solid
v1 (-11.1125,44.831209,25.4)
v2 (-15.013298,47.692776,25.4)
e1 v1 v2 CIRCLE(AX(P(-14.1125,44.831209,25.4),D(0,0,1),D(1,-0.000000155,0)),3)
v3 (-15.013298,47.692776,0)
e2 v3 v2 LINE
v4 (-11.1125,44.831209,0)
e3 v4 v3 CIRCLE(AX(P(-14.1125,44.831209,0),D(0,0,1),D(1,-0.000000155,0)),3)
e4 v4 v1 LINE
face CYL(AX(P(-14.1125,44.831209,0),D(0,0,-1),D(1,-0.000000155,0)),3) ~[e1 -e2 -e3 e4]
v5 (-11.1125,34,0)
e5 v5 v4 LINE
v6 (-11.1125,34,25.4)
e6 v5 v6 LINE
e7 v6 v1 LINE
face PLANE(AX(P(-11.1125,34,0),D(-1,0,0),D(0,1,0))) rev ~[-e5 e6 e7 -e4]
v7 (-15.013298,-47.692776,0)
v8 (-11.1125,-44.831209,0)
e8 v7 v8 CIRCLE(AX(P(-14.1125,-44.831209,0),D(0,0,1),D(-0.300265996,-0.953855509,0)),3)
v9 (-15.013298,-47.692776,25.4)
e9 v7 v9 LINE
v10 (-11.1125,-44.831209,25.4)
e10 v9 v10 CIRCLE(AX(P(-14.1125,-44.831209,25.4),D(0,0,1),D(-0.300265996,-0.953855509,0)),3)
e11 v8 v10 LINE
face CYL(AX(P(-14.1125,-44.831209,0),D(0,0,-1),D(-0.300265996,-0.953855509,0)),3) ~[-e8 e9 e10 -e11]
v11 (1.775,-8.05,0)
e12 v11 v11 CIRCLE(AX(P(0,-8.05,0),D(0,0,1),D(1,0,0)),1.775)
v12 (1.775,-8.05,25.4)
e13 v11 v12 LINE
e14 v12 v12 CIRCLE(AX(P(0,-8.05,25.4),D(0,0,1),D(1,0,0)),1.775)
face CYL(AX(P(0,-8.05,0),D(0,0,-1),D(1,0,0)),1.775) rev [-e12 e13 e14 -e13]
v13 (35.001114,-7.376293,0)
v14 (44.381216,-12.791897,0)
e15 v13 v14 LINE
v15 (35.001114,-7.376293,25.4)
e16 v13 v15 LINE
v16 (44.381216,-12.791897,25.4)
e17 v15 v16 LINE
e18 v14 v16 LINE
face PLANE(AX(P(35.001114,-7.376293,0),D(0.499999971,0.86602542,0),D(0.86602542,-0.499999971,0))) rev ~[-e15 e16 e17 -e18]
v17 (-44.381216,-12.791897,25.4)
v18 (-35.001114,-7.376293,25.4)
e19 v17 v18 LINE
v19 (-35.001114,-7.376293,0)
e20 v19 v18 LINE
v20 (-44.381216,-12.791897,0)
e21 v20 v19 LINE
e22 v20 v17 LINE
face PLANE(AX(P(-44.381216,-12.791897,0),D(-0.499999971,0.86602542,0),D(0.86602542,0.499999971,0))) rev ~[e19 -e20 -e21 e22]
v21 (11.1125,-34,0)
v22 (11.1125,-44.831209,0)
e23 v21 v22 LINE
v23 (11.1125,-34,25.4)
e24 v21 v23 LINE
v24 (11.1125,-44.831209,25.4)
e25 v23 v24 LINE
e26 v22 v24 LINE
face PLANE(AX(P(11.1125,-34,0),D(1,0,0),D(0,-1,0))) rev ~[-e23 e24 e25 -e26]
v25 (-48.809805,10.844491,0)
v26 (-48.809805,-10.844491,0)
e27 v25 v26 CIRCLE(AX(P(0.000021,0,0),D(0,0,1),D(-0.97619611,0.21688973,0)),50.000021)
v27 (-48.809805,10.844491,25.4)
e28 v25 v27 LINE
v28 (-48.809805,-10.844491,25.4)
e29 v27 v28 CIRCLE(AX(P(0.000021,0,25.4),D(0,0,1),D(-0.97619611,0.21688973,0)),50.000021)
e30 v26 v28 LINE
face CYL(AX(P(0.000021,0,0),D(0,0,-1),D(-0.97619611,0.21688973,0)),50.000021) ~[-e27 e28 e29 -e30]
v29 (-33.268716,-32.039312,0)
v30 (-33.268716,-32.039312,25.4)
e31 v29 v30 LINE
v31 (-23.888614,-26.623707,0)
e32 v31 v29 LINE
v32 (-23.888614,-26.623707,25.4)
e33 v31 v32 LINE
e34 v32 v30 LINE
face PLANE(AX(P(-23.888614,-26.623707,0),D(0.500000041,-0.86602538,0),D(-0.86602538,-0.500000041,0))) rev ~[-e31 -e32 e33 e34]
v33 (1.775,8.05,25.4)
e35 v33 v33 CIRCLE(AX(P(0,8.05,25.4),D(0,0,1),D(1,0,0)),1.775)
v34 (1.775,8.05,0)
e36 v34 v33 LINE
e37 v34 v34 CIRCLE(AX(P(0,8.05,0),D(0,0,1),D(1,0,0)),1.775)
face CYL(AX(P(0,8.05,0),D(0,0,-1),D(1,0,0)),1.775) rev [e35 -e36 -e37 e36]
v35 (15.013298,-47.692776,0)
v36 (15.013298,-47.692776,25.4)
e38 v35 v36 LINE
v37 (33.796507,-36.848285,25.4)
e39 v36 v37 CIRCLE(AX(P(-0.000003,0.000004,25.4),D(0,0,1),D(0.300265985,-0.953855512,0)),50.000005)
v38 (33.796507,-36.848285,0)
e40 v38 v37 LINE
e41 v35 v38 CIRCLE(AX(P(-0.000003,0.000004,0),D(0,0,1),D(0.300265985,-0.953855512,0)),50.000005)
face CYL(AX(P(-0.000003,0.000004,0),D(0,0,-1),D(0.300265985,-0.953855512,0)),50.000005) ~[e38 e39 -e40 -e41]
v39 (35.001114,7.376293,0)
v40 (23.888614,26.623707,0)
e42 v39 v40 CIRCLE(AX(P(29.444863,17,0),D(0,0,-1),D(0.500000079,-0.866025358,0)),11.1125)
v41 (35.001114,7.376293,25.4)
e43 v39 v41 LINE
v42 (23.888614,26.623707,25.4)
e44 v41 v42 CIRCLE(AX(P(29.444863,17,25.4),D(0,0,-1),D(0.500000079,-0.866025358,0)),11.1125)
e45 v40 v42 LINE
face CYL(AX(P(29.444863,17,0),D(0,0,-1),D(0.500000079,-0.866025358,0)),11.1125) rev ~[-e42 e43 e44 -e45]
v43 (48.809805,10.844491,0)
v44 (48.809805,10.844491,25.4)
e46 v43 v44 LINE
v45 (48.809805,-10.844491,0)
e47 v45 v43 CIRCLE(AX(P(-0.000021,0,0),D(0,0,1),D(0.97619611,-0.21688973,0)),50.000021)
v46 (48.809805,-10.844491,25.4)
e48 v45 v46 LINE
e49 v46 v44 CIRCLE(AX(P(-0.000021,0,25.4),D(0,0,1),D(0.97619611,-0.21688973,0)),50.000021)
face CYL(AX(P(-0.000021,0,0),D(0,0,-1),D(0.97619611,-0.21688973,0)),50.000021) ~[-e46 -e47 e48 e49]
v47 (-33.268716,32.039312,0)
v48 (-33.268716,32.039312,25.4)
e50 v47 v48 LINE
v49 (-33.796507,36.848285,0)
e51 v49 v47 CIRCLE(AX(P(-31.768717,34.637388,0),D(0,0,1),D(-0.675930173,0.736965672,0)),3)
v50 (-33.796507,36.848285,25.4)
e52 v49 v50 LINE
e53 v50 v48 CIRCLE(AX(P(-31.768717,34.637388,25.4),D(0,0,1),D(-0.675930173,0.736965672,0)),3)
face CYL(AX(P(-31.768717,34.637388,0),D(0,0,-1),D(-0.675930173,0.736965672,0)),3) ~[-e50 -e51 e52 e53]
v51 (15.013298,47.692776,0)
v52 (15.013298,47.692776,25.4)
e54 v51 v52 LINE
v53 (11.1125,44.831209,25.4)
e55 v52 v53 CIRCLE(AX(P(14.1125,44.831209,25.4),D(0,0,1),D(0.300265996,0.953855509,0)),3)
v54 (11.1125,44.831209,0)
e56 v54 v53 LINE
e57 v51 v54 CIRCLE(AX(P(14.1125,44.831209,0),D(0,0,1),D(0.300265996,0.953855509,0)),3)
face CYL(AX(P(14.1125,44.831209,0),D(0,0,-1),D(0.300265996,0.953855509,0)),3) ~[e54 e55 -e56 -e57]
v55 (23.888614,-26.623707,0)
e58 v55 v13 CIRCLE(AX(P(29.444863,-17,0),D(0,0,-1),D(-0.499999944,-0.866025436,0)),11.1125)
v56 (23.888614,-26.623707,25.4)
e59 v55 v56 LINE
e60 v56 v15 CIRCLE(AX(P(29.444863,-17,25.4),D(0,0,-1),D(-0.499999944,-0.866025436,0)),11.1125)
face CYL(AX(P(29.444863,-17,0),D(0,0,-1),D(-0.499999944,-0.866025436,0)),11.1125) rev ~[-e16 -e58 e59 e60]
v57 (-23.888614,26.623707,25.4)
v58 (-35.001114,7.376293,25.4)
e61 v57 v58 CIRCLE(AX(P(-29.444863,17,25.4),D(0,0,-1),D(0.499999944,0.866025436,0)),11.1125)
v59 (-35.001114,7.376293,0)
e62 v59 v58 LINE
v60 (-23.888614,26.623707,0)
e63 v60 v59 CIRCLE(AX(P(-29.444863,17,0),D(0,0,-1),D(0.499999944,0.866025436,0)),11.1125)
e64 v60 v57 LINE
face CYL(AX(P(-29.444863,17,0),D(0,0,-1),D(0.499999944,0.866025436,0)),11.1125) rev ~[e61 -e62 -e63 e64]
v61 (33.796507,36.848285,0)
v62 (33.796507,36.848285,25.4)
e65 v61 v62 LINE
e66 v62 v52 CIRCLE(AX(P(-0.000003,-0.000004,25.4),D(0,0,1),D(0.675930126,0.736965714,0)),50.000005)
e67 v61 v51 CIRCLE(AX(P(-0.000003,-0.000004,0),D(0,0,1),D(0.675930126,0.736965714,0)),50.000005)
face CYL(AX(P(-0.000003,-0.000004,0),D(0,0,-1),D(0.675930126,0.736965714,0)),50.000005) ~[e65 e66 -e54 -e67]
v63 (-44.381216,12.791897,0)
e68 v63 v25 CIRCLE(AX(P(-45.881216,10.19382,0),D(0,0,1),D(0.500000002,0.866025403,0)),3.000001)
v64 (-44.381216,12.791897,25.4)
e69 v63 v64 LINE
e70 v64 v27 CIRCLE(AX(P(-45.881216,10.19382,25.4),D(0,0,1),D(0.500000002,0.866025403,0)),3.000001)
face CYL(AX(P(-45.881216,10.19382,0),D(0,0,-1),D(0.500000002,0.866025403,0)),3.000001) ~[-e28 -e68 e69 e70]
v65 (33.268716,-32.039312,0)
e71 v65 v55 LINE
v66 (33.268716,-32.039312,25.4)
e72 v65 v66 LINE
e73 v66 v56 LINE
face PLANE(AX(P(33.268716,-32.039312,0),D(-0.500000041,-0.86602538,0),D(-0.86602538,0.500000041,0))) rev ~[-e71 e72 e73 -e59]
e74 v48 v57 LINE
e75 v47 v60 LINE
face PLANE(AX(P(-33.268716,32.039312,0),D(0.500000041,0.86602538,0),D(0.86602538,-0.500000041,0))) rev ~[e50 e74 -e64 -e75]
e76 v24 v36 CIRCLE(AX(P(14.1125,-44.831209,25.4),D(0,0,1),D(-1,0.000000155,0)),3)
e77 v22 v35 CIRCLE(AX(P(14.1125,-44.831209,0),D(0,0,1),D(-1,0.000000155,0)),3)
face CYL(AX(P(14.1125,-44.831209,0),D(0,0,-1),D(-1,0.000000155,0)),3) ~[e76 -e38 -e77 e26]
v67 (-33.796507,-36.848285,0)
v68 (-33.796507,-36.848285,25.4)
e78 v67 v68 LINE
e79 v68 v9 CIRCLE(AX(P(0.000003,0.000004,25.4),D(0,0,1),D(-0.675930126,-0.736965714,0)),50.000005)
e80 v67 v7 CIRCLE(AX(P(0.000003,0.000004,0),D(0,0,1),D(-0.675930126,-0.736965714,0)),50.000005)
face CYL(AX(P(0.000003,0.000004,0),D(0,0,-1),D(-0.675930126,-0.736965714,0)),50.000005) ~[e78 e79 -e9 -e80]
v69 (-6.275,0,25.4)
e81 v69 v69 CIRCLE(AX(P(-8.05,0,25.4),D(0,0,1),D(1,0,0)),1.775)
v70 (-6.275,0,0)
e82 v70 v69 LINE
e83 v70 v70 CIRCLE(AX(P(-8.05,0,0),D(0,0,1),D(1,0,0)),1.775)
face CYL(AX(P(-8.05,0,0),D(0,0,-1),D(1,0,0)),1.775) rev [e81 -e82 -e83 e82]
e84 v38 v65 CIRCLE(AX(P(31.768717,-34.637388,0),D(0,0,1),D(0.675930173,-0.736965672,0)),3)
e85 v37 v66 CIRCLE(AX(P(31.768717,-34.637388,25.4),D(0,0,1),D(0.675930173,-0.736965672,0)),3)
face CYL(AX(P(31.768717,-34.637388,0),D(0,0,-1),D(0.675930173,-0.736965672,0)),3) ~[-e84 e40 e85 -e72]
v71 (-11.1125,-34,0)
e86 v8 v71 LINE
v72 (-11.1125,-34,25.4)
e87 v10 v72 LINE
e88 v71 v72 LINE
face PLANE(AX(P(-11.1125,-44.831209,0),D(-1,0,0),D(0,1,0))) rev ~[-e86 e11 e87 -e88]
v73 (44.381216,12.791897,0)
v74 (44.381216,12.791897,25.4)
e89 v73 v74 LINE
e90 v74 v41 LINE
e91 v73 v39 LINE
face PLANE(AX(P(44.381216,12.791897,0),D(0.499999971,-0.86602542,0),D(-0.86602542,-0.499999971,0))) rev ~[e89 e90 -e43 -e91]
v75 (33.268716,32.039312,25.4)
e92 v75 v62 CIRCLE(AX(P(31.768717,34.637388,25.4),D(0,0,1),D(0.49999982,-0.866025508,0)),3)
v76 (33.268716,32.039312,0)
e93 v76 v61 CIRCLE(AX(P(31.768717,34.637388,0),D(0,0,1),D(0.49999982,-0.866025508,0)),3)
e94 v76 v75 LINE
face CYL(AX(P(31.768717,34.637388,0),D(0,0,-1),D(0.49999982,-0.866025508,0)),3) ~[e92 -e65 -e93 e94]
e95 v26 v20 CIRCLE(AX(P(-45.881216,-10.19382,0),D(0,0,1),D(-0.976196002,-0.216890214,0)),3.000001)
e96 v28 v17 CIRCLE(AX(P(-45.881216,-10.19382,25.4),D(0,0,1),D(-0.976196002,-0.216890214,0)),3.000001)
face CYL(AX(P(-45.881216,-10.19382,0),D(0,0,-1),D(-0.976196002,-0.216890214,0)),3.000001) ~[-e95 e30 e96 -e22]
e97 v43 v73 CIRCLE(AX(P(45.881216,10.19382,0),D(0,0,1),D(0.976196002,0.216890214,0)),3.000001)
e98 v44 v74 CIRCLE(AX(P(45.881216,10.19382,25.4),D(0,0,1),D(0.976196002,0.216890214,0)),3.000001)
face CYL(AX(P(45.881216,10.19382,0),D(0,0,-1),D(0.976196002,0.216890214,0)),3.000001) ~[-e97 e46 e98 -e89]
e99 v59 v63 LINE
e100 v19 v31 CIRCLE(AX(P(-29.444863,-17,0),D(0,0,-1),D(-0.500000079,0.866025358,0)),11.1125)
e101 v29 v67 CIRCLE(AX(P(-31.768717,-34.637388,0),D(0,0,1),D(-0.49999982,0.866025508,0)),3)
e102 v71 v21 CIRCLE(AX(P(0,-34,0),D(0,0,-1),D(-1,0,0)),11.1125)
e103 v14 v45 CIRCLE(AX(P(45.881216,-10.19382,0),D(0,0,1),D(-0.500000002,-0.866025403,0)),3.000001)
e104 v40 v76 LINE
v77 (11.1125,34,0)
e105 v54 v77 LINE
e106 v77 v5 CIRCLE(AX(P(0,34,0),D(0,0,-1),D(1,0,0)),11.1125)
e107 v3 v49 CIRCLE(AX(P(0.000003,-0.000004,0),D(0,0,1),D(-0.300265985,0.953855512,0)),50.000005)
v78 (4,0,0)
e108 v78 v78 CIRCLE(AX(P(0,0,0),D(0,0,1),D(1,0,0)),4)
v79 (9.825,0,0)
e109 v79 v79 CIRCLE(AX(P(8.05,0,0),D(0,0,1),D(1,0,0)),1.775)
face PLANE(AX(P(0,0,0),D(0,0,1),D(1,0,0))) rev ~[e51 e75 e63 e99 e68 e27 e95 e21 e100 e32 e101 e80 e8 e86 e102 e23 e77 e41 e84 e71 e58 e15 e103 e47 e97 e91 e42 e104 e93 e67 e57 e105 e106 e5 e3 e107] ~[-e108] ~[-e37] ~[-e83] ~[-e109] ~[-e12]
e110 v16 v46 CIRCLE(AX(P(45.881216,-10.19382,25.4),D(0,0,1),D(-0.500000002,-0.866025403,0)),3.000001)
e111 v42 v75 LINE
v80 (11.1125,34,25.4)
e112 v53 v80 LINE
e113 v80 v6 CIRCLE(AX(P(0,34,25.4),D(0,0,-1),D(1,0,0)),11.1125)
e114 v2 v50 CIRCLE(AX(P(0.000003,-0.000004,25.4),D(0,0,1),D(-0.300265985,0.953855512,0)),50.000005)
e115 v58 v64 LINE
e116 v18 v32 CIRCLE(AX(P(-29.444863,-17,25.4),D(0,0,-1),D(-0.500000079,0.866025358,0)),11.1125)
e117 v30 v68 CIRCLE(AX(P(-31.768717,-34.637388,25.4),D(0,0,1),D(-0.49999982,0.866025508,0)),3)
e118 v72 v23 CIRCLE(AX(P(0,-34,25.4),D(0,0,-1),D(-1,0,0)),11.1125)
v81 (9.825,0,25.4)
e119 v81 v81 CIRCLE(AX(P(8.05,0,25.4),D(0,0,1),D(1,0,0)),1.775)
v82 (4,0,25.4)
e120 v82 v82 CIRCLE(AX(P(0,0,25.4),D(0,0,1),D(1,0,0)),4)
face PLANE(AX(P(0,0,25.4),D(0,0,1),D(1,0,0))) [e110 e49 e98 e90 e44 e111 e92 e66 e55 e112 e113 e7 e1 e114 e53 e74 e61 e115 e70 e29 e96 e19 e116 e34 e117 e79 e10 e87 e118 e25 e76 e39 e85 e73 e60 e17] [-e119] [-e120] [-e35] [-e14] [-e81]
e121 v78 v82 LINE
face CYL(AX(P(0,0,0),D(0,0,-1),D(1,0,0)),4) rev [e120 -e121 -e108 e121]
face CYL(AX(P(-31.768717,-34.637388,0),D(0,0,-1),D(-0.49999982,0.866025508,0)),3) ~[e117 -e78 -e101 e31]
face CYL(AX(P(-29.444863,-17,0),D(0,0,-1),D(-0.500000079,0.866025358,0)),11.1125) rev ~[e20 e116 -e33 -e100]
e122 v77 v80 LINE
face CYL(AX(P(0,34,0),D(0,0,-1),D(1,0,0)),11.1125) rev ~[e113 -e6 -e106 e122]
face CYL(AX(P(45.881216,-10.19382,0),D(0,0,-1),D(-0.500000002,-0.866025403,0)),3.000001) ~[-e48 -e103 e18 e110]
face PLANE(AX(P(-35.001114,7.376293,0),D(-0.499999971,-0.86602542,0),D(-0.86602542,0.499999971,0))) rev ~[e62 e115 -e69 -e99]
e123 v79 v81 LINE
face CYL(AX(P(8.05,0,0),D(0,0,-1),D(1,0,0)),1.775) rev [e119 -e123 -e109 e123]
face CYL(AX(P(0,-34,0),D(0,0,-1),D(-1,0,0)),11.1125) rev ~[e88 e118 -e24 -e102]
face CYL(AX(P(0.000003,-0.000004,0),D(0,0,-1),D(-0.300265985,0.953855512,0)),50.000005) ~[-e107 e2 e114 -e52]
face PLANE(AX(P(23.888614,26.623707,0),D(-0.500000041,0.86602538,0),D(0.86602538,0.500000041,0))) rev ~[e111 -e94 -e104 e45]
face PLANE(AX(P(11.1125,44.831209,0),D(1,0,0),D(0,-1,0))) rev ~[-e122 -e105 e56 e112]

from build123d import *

# Parameters (mm, degrees)
F0_R     = 1.775
F0_R_2   = 4
F1_DEPTH = 25.4


with BuildPart() as f1:
    # F0 (on Top) → F1 (new body)
    with BuildSketch(Plane.XY):
        with BuildLine():
            ThreePointArc((-11.1125, 44.831209), (-12.338013, 47.250134), (-15.013298, 47.692776))
            ThreePointArc((-15.013298, 47.692776), (-25, 43.30127), (-33.796507, 36.848285))
            ThreePointArc((-33.796507, 36.848285), (-34.75081, 34.3101), (-33.268716, 32.039312))
            Line((-33.268716, 32.039312), (-23.888614, 26.623707))
            ThreePointArc((-23.888614, 26.623707), (-19.821156, 11.44375), (-35.001114, 7.376293))
            Line((-35.001114, 7.376293), (-44.381216, 12.791897))
            ThreePointArc((-44.381216, 12.791897), (-47.088823, 12.940034), (-48.809805, 10.844491))
            ThreePointArc((-48.809805, 10.844491), (-50, 0), (-48.809805, -10.844491))
            ThreePointArc((-48.809805, -10.844491), (-47.088823, -12.940034), (-44.381216, -12.791897))
            Line((-44.381216, -12.791897), (-35.001114, -7.376293))
            ThreePointArc((-35.001114, -7.376293), (-19.821156, -11.44375), (-23.888614, -26.623707))
            Line((-23.888614, -26.623707), (-33.268716, -32.039312))
            ThreePointArc((-33.268716, -32.039312), (-34.75081, -34.3101), (-33.796507, -36.848285))
            ThreePointArc((-33.796507, -36.848285), (-25, -43.30127), (-15.013298, -47.692776))
            ThreePointArc((-15.013298, -47.692776), (-12.338013, -47.250134), (-11.1125, -44.831209))
            Line((-11.1125, -44.831209), (-11.1125, -34))
            ThreePointArc((-11.1125, -34), (0, -22.8875), (11.1125, -34))
            Line((11.1125, -34), (11.1125, -44.831209))
            ThreePointArc((11.1125, -44.831209), (12.338013, -47.250134), (15.013298, -47.692776))
            ThreePointArc((15.013298, -47.692776), (25, -43.30127), (33.796507, -36.848285))
            ThreePointArc((33.796507, -36.848285), (34.75081, -34.3101), (33.268716, -32.039312))
            Line((33.268716, -32.039312), (23.888614, -26.623707))
            ThreePointArc((23.888614, -26.623707), (19.821156, -11.44375), (35.001114, -7.376293))
            Line((35.001114, -7.376293), (44.381216, -12.791897))
            ThreePointArc((44.381216, -12.791897), (47.088823, -12.940034), (48.809805, -10.844491))
            ThreePointArc((48.809805, -10.844491), (50, 0), (48.809805, 10.844491))
            ThreePointArc((48.809805, 10.844491), (47.088823, 12.940034), (44.381216, 12.791897))
            Line((44.381216, 12.791897), (35.001114, 7.376293))
            ThreePointArc((35.001114, 7.376293), (19.821156, 11.44375), (23.888614, 26.623707))
            Line((23.888614, 26.623707), (33.268716, 32.039312))
            ThreePointArc((33.268716, 32.039312), (34.75081, 34.3101), (33.796507, 36.848285))
            ThreePointArc((33.796507, 36.848285), (25, 43.30127), (15.013298, 47.692776))
            ThreePointArc((15.013298, 47.692776), (12.338013, 47.250134), (11.1125, 44.831209))
            Line((11.1125, 44.831209), (11.1125, 34))
            ThreePointArc((11.1125, 34), (0, 22.8875), (-11.1125, 34))
            Line((-11.1125, 34), (-11.1125, 44.831209))
        make_face()
        with Locations((-8.05, 0)):
            Circle(F0_R, mode=Mode.SUBTRACT)
        with Locations((0, -8.05)):
            Circle(F0_R, mode=Mode.SUBTRACT)
        Circle(F0_R_2, mode=Mode.SUBTRACT)
        with Locations((8.05, 0)):
            Circle(F0_R, mode=Mode.SUBTRACT)
        with Locations((0, 8.05)):
            Circle(F0_R, mode=Mode.SUBTRACT)
    extrude(amount=F1_DEPTH)


solid = f1.part
